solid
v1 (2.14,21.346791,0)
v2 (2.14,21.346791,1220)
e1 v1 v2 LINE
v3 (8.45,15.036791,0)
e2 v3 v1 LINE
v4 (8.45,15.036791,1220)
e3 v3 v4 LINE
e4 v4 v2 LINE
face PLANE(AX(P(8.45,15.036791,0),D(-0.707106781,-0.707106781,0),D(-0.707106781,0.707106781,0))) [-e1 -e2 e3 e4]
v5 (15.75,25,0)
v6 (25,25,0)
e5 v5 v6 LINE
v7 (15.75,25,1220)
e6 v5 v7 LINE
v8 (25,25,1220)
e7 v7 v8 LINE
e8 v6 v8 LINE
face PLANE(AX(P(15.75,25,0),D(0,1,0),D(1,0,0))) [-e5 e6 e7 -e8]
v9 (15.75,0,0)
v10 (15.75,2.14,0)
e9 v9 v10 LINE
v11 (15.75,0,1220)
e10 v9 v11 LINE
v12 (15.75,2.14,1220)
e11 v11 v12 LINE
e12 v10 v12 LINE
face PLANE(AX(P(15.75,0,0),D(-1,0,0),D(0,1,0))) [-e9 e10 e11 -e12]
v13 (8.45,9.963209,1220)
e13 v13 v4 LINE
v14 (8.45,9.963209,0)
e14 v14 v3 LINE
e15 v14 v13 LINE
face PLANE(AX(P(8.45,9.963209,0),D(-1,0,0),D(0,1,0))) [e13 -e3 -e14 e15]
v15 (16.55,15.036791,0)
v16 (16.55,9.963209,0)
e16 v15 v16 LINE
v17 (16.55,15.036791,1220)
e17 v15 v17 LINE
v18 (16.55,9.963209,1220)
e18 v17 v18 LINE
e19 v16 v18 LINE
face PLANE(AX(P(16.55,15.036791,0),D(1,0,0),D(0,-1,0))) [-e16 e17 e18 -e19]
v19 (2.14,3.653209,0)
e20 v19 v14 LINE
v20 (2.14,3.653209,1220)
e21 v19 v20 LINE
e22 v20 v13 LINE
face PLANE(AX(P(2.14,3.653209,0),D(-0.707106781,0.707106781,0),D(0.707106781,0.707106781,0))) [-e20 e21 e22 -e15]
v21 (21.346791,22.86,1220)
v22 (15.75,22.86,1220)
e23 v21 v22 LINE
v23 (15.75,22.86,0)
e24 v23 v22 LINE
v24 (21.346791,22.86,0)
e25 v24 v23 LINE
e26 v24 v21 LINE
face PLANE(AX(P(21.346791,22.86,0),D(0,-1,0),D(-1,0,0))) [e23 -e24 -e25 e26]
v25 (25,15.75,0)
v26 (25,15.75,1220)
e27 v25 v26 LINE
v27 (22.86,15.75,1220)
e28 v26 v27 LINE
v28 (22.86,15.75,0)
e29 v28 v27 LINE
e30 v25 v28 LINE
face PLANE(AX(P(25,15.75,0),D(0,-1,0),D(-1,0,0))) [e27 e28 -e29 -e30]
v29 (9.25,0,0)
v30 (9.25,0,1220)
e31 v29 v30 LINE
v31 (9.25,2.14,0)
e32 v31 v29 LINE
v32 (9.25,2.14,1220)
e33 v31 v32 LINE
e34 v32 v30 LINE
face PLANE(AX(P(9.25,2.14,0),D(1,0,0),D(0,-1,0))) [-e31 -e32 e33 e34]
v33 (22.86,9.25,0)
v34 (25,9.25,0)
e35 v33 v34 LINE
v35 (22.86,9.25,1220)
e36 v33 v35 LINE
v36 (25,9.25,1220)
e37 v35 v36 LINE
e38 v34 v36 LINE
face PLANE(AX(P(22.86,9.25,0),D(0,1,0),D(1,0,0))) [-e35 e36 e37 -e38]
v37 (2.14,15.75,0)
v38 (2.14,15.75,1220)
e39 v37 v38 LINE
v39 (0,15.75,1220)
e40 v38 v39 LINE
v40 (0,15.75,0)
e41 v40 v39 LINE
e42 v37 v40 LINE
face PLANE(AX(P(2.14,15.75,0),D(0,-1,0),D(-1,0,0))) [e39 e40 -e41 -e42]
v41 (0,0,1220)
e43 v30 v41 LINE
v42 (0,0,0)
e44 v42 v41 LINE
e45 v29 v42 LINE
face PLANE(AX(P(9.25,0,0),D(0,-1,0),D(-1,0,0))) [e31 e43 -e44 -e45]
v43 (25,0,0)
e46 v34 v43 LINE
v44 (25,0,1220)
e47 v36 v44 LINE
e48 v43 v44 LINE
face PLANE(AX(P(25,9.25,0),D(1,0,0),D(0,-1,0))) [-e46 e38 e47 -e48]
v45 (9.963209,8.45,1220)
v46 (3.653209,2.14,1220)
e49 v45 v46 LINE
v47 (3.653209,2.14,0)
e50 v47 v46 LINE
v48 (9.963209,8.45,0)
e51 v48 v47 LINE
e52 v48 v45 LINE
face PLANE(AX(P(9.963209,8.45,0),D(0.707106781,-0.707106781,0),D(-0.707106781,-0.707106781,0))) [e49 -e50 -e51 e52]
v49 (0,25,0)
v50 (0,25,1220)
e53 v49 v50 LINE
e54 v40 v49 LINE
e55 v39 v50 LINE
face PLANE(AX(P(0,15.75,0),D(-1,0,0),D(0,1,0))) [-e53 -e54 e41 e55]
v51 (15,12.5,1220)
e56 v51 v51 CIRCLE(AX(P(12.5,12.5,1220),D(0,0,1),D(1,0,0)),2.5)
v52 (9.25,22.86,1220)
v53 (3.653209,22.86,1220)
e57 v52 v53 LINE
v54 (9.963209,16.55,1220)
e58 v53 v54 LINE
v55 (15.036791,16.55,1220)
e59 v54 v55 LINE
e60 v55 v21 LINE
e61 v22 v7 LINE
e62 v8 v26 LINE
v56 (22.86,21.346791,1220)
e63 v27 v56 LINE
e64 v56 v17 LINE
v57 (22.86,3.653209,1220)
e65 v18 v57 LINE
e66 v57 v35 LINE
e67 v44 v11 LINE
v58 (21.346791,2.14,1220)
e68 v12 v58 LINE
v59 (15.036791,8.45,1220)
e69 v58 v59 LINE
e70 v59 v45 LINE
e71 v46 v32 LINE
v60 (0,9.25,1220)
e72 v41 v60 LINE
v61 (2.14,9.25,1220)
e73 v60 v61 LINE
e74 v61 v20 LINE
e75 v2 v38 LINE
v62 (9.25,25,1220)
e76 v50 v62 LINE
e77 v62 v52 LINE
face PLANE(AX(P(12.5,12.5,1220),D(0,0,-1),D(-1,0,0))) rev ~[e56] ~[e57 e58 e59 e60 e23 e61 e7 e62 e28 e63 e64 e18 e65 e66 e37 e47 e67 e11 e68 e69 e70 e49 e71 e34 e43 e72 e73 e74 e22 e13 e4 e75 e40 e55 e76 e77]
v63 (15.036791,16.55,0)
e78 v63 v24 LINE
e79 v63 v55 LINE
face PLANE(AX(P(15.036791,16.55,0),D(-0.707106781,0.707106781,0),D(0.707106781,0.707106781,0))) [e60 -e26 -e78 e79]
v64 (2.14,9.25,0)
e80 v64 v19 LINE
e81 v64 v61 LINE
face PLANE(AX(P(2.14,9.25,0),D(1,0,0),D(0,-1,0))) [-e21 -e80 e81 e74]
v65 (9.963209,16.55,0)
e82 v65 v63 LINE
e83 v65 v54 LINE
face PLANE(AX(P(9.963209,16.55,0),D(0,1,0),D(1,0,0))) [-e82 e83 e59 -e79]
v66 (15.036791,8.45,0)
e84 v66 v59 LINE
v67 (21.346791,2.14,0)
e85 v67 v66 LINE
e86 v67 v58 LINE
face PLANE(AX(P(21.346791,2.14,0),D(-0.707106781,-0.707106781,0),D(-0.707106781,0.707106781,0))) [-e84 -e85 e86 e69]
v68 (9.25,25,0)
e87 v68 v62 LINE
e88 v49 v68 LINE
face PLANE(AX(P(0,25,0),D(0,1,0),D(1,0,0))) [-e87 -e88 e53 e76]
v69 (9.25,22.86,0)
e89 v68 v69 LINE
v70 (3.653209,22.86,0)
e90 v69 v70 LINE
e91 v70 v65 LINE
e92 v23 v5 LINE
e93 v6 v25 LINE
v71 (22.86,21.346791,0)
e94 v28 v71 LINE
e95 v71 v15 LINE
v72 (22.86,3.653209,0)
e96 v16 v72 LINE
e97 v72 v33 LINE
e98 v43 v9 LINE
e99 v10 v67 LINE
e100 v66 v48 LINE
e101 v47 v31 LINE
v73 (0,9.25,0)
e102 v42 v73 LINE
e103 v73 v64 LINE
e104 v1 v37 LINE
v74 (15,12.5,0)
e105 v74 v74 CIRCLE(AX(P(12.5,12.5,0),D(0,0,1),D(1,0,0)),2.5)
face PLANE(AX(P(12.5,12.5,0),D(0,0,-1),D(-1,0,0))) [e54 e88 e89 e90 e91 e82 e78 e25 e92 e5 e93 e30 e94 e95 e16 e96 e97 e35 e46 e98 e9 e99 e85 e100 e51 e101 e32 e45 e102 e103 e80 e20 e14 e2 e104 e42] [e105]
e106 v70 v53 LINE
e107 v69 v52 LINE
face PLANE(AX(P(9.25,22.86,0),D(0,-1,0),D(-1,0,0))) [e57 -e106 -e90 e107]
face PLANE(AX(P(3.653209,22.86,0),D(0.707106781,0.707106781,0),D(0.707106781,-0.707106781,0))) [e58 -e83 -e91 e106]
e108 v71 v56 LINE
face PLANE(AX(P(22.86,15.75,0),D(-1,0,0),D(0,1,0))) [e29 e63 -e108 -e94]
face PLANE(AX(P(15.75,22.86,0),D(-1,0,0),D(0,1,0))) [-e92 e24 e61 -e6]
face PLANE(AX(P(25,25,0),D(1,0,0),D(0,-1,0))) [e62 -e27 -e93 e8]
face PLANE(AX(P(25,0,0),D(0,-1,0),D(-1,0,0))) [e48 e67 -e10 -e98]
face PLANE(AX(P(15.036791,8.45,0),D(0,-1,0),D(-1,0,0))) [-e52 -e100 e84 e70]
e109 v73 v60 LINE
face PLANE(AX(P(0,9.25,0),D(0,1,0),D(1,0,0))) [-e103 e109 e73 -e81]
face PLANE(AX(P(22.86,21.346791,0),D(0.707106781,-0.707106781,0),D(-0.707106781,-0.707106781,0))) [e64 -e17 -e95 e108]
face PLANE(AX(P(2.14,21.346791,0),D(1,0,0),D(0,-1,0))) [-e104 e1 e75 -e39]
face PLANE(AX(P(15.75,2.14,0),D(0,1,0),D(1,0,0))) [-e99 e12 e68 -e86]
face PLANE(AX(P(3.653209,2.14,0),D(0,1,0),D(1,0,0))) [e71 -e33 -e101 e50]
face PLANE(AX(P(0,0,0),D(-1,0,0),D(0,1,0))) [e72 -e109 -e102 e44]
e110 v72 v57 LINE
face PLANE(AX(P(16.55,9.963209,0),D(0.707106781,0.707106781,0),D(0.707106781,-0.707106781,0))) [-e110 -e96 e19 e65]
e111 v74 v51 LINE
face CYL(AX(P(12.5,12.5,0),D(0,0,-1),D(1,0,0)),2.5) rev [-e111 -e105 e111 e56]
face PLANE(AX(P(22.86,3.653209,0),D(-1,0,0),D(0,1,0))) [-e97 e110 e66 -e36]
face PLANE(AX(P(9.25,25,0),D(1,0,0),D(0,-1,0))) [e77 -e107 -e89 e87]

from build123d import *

# Parameters (mm, degrees)
SKETCH1_R           = 2.5
BOSS_EXTRUDE1_DEPTH = 1220


with BuildPart() as part:
    # Sketch1 → Boss-Extrude1 (new body)
    with BuildSketch(Plane.XY):
        Polygon((8.45, 15.036791488), (2.14, 21.346791488), (2.14, 15.75), (0, 15.75), (0, 25), (9.25, 25), (9.25, 22.86), (3.653208512, 22.86), (9.963208512, 16.55), (15.036791488, 16.55), (21.346791488, 22.86), (15.75, 22.86), (15.75, 25), (25, 25), (25, 15.75), (22.86, 15.75), (22.86, 21.346791488), (16.55, 15.036791488), (16.55, 9.963208512), (22.86, 3.653208512), (22.86, 9.25), (25, 9.25), (25, 0), (15.75, 0), (15.75, 2.14), (21.346791488, 2.14), (15.036791488, 8.45), (9.963208512, 8.45), (3.653208512, 2.14), (9.25, 2.14), (9.25, 0), (0, 0), (0, 9.25), (2.14, 9.25), (2.14, 3.653208512), (8.45, 9.963208512), align=None)
        with Locations((12.5, 12.5)):
            Circle(SKETCH1_R, mode=Mode.SUBTRACT)
    extrude(amount=BOSS_EXTRUDE1_DEPTH)


solid = part.part
